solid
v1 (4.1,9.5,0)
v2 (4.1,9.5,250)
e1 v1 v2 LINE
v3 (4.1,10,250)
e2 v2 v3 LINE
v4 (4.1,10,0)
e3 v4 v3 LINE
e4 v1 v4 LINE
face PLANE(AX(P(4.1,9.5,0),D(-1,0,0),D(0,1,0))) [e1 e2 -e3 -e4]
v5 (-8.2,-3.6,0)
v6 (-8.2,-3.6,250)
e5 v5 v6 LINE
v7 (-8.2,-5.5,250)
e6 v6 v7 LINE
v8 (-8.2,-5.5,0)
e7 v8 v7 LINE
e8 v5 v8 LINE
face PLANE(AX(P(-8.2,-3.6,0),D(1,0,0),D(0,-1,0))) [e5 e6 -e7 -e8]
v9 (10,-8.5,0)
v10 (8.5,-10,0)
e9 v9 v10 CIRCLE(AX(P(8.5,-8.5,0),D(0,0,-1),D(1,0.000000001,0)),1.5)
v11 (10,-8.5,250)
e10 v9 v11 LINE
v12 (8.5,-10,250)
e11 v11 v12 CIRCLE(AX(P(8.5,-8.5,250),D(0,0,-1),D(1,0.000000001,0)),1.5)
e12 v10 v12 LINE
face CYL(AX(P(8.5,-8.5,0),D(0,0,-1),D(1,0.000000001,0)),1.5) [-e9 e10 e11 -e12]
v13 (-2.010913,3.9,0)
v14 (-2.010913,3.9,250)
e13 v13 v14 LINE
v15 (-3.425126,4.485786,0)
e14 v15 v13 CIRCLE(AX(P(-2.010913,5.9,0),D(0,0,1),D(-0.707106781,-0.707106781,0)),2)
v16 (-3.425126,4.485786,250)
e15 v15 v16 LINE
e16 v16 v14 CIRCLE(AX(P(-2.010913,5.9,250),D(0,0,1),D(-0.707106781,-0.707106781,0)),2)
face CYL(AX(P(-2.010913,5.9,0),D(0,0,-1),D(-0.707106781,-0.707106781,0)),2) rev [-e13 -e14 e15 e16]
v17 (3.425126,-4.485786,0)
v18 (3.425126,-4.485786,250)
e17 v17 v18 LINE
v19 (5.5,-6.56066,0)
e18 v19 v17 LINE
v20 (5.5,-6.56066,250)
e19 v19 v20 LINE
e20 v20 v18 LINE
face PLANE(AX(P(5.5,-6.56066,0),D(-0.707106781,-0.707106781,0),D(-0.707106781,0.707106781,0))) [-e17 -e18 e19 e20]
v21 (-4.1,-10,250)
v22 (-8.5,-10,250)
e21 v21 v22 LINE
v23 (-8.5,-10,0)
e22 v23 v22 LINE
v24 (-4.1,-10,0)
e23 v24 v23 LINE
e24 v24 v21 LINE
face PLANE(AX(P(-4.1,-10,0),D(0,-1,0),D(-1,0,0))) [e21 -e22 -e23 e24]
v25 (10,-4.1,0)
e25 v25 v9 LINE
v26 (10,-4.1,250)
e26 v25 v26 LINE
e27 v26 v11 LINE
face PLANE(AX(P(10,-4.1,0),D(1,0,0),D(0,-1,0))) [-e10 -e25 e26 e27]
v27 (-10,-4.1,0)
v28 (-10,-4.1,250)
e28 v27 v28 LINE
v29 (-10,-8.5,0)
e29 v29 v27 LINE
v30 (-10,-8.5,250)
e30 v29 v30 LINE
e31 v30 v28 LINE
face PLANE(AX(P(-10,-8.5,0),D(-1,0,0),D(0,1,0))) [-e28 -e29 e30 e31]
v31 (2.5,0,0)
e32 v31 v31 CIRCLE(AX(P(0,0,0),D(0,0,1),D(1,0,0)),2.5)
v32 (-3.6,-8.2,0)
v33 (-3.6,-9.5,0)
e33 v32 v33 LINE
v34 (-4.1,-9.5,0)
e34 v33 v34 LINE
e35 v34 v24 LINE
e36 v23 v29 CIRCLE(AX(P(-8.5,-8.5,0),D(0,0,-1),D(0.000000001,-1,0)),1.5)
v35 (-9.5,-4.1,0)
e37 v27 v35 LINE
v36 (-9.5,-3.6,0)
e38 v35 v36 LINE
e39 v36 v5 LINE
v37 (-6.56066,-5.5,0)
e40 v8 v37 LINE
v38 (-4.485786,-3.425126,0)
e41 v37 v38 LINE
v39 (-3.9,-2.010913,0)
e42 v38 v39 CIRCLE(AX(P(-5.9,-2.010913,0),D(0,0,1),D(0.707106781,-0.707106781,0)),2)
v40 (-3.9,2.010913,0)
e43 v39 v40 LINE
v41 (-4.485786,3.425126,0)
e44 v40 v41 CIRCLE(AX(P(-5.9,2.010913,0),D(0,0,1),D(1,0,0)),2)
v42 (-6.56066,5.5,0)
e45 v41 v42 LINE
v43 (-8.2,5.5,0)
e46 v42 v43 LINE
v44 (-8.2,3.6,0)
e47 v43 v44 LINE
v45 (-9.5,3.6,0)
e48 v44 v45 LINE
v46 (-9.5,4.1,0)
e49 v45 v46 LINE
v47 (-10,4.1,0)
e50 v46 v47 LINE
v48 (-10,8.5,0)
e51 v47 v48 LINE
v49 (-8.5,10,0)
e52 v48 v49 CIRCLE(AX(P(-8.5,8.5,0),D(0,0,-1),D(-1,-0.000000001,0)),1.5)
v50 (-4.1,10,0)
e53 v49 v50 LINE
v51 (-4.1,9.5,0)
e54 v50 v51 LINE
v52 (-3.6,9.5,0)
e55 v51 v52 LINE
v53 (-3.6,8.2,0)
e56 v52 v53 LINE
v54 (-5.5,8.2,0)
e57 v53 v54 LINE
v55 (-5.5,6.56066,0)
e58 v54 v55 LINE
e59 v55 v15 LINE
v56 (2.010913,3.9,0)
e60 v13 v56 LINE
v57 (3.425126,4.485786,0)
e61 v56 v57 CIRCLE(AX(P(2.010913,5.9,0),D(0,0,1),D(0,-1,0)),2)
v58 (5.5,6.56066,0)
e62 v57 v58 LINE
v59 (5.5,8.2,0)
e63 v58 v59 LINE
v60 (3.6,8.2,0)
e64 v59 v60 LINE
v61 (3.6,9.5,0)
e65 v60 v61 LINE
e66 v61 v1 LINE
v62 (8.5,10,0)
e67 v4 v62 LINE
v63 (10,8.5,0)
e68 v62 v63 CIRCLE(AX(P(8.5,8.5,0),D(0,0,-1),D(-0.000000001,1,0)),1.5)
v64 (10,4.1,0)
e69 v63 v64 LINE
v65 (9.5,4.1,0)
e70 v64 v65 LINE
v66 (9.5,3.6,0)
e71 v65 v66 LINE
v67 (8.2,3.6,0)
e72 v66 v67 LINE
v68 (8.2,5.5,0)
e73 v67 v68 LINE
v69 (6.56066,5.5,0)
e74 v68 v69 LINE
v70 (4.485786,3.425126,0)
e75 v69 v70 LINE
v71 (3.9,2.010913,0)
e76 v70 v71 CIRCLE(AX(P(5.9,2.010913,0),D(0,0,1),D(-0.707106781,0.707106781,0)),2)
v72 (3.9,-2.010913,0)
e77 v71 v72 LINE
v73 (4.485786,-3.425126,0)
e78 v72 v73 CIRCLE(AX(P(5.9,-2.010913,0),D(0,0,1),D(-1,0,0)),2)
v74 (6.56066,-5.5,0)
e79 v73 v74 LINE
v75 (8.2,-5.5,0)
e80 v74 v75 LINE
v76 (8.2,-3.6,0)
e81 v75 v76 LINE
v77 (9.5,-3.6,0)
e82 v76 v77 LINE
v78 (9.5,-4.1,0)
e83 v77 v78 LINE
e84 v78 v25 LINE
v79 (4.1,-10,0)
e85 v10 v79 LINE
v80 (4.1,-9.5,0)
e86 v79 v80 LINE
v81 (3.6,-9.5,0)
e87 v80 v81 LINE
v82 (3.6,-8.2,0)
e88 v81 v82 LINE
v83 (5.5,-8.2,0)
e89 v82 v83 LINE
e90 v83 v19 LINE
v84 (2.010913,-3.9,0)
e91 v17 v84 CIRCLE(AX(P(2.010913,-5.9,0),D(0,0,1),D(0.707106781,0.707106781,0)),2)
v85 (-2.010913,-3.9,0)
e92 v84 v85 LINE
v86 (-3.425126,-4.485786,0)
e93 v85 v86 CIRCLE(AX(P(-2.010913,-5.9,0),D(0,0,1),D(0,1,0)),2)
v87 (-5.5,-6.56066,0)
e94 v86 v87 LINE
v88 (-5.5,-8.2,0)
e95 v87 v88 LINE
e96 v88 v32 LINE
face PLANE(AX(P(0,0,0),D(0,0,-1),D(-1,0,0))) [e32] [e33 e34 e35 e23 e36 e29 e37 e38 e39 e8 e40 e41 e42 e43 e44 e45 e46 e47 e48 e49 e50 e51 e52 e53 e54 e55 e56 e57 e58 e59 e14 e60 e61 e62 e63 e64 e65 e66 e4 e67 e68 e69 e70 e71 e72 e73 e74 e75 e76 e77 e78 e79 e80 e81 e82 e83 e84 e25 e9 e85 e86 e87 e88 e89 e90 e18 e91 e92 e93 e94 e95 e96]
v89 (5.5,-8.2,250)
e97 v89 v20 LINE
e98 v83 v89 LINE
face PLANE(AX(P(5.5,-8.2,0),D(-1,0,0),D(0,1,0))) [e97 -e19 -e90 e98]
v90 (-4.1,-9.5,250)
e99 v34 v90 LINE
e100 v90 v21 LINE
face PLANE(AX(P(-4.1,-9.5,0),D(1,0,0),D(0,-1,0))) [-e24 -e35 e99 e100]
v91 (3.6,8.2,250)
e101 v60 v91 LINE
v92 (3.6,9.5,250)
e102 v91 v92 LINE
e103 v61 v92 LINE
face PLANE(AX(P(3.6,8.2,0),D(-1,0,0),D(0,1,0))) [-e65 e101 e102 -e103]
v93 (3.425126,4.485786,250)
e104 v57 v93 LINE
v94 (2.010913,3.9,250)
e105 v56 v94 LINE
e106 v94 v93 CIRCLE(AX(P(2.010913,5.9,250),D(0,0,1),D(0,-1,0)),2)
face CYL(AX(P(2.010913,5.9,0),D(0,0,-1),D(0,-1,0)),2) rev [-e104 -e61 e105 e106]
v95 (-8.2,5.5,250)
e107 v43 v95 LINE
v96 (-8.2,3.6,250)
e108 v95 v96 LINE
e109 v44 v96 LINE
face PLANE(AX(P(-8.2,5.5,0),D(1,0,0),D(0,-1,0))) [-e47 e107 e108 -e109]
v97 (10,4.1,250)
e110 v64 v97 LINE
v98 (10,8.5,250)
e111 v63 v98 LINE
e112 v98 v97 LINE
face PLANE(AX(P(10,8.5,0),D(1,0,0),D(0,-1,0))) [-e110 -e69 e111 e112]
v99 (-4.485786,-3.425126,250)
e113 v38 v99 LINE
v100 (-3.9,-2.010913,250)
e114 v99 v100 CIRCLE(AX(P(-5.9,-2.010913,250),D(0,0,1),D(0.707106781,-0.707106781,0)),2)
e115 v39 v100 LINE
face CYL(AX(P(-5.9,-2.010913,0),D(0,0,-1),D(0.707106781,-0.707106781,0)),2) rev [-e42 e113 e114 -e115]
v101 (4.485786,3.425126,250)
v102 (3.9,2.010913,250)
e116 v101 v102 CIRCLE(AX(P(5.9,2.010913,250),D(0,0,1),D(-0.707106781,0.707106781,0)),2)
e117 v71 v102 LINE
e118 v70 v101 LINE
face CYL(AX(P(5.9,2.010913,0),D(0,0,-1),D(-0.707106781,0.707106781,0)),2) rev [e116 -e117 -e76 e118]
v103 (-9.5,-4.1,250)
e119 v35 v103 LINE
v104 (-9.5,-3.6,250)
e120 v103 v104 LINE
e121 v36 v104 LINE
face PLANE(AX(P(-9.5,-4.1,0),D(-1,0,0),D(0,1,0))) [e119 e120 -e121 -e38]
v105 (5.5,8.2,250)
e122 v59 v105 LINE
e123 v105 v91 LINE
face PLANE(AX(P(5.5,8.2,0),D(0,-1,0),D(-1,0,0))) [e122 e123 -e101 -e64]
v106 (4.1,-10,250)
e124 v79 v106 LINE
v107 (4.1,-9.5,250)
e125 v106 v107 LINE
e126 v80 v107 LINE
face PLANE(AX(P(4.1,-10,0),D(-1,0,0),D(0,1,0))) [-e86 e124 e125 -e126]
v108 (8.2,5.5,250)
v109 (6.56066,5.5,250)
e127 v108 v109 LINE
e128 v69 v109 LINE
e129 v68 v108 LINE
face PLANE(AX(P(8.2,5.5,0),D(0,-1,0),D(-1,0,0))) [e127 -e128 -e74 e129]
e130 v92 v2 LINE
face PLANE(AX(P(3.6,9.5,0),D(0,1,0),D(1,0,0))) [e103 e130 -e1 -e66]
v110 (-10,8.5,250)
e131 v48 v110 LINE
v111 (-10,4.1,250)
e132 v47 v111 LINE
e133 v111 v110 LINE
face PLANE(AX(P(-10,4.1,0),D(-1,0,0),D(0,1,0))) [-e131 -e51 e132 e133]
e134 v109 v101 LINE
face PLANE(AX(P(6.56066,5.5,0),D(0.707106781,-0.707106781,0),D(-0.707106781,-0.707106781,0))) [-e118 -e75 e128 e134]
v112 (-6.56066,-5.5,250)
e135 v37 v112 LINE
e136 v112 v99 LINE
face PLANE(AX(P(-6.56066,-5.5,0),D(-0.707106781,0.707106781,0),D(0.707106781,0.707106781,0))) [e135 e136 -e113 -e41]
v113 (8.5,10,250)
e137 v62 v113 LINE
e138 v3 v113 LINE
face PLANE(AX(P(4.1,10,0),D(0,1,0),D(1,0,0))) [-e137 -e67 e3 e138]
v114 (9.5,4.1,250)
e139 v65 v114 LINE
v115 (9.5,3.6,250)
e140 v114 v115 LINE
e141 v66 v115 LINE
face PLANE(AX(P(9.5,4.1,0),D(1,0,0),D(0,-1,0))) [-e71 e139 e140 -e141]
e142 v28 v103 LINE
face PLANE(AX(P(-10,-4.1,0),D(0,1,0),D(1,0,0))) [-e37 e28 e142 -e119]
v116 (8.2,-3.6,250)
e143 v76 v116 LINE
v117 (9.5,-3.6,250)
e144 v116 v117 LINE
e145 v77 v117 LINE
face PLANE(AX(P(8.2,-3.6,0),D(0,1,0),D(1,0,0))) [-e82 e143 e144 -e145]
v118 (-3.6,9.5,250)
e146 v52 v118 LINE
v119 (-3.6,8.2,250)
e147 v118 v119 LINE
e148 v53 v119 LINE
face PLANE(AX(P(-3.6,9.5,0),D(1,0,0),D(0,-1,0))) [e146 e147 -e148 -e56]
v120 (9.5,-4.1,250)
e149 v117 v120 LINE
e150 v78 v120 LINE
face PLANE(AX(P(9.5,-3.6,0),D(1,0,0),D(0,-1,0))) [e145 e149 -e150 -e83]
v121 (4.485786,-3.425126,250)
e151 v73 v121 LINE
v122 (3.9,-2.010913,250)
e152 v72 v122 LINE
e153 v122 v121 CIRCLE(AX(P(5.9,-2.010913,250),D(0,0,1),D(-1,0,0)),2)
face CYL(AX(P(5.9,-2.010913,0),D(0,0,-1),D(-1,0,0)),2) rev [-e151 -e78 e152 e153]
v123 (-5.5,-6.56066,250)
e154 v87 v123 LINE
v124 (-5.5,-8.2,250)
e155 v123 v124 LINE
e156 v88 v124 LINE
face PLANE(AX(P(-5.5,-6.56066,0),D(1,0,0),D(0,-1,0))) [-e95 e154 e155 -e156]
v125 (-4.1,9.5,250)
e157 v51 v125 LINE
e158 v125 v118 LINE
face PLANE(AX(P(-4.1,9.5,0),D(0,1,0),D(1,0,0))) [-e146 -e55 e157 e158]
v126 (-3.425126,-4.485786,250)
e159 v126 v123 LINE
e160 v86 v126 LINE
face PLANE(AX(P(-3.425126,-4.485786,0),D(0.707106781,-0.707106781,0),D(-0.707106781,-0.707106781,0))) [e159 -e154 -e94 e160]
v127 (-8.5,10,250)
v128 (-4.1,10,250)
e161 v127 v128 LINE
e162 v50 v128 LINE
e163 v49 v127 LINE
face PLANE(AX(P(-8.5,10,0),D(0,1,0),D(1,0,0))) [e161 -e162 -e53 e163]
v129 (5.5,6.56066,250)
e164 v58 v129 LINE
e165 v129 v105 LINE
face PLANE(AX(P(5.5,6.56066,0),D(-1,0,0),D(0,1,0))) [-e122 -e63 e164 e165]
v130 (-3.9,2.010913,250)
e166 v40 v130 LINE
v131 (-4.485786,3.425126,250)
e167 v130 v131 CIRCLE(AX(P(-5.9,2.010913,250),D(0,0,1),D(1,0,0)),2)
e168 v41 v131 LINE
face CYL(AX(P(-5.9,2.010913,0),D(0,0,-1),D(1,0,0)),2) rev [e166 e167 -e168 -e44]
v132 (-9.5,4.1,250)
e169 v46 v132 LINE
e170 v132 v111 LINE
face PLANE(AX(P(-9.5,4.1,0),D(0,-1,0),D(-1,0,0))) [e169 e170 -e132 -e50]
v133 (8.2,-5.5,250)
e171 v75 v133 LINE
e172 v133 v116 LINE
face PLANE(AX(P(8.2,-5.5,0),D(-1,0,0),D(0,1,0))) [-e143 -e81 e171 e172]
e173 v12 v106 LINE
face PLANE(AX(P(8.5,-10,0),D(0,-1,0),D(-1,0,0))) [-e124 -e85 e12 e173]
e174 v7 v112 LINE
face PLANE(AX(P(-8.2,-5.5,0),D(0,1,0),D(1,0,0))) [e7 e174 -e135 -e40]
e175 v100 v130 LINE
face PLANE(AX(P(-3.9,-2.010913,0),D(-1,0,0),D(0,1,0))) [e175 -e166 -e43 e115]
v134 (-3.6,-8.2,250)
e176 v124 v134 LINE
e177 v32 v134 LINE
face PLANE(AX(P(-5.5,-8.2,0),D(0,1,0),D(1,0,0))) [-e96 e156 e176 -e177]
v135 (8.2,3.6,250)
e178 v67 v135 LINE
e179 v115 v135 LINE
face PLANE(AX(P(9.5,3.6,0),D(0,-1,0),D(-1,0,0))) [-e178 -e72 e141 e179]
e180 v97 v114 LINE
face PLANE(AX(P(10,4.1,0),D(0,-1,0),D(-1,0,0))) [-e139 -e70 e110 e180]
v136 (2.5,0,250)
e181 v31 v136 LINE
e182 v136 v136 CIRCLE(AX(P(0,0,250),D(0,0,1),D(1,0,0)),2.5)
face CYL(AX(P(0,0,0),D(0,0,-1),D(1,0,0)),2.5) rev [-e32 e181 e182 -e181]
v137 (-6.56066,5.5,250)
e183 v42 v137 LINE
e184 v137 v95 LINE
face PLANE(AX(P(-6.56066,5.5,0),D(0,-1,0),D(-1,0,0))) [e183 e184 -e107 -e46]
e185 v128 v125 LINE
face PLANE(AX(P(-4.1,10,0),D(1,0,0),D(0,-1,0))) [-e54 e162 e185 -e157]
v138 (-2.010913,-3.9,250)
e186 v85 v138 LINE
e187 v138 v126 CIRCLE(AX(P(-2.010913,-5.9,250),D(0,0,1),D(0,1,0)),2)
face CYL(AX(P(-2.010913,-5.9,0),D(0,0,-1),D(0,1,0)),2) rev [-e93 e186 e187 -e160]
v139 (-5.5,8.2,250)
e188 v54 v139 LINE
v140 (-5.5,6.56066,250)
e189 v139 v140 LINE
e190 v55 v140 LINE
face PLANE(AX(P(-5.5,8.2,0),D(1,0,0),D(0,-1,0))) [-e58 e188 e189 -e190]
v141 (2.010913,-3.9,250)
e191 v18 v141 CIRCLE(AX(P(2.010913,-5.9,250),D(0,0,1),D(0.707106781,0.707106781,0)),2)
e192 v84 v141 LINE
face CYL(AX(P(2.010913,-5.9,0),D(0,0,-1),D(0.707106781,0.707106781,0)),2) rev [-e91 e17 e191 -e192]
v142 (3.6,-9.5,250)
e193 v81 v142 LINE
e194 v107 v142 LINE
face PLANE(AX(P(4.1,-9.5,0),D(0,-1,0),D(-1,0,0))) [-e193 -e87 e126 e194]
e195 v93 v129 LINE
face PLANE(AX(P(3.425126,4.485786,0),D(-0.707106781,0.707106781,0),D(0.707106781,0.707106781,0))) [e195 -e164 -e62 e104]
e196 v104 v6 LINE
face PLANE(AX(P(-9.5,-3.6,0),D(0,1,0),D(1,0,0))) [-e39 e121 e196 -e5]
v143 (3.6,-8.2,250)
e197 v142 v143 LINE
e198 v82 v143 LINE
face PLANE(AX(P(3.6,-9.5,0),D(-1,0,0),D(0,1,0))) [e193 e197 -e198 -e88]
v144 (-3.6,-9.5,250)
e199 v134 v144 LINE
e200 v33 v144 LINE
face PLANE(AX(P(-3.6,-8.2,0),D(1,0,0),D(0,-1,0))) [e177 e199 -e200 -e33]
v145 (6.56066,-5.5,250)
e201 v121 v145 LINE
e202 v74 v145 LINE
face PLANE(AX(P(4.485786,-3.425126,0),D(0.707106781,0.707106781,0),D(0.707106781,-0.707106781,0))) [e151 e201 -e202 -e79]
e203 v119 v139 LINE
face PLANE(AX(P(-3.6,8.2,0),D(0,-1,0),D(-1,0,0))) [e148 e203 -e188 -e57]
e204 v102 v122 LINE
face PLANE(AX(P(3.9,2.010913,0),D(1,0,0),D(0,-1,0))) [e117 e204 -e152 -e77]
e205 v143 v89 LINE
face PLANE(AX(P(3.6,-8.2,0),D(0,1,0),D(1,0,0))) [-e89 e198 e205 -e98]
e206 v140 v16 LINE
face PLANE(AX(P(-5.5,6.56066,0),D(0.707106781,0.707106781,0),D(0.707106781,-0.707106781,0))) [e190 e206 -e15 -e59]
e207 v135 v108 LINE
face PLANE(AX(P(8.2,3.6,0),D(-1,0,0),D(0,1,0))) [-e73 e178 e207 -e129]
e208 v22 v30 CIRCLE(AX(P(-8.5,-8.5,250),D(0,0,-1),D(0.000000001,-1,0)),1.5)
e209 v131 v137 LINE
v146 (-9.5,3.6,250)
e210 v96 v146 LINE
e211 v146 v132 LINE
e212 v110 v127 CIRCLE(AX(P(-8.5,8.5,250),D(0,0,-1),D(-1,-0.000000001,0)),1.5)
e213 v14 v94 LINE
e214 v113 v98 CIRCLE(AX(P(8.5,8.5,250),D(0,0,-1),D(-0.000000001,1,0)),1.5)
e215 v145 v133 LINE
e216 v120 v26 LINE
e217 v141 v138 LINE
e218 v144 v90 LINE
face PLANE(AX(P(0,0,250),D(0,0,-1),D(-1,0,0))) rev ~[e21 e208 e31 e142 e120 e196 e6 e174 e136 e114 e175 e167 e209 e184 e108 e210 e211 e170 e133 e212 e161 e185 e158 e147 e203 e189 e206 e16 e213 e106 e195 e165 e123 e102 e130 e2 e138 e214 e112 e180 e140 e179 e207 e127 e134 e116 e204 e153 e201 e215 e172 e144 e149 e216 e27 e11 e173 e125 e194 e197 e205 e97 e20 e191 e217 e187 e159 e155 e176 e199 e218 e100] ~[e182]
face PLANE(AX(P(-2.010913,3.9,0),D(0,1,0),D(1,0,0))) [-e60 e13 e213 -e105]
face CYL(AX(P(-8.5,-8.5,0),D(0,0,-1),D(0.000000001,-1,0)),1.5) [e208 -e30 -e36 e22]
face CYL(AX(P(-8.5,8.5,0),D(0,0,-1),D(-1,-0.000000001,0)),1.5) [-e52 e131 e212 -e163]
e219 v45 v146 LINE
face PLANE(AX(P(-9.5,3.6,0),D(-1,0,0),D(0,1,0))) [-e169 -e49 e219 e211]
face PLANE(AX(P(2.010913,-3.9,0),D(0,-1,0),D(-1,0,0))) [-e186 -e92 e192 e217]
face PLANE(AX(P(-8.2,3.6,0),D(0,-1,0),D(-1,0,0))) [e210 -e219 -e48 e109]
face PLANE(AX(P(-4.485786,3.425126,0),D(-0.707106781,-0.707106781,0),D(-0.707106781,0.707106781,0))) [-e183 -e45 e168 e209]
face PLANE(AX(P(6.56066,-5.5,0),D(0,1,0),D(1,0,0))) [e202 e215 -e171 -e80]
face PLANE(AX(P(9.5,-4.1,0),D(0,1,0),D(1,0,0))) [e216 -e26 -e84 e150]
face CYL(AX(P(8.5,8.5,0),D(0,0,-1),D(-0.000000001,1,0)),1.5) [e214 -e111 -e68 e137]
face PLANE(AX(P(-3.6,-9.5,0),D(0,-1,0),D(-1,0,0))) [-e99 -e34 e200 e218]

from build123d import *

# Parameters (mm, degrees)
SKETCH1_R           = 2.5
BOSS_EXTRUDE2_DEPTH = 250


with BuildPart() as part:
    # Sketch1 → Boss-Extrude2 (new body)
    with BuildSketch(Plane.XY):
        with BuildLine():
            Line((10, -4.1), (10, -8.5))
            ThreePointArc((10, -8.5), (9.560660172, -9.560660172), (8.5, -10))
            Line((8.5, -10), (4.1, -10))
            Line((4.1, -10), (4.1, -9.5))
            Line((4.1, -9.5), (3.6, -9.5))
            Line((3.6, -9.5), (3.6, -8.2))
            Line((3.6, -8.2), (5.5, -8.2))
            Line((5.5, -8.2), (5.5, -6.560660172))
            Line((5.5, -6.560660172), (3.425126266, -4.485786438))
            ThreePointArc((3.425126266, -4.485786438), (2.776279568, -4.052240935), (2.010912703, -3.9))
            Line((2.010912703, -3.9), (-2.010912703, -3.9))
            ThreePointArc((-2.010912703, -3.9), (-2.776279568, -4.052240935), (-3.425126266, -4.485786438))
            Line((-3.425126266, -4.485786438), (-5.5, -6.560660172))
            Line((-5.5, -6.560660172), (-5.5, -8.2))
            Line((-5.5, -8.2), (-3.6, -8.2))
            Line((-3.6, -8.2), (-3.6, -9.5))
            Line((-3.6, -9.5), (-4.1, -9.5))
            Line((-4.1, -9.5), (-4.1, -10))
            Line((-4.1, -10), (-8.5, -10))
            ThreePointArc((-8.5, -10), (-9.560660172, -9.560660172), (-10, -8.5))
            Line((-10, -8.5), (-10, -4.1))
            Line((-10, -4.1), (-9.5, -4.1))
            Line((-9.5, -4.1), (-9.5, -3.6))
            Line((-9.5, -3.6), (-8.2, -3.6))
            Line((-8.2, -3.6), (-8.2, -5.5))
            Line((-8.2, -5.5), (-6.560660172, -5.5))
            Line((-6.560660172, -5.5), (-4.485786438, -3.425126266))
            ThreePointArc((-4.485786438, -3.425126266), (-4.052240935, -2.776279568), (-3.9, -2.010912703))
            Line((-3.9, -2.010912703), (-3.9, 2.010912703))
            ThreePointArc((-3.9, 2.010912703), (-4.052240935, 2.776279568), (-4.485786438, 3.425126266))
            Line((-4.485786438, 3.425126266), (-6.560660172, 5.5))
            Line((-6.560660172, 5.5), (-8.2, 5.5))
            Line((-8.2, 5.5), (-8.2, 3.6))
            Line((-8.2, 3.6), (-9.5, 3.6))
            Line((-9.5, 3.6), (-9.5, 4.1))
            Line((-9.5, 4.1), (-10, 4.1))
            Line((-10, 4.1), (-10, 8.5))
            ThreePointArc((-10, 8.5), (-9.560660172, 9.560660172), (-8.5, 10))
            Line((-8.5, 10), (-4.1, 10))
            Line((-4.1, 10), (-4.1, 9.5))
            Line((-4.1, 9.5), (-3.6, 9.5))
            Line((-3.6, 9.5), (-3.6, 8.2))
            Line((-3.6, 8.2), (-5.5, 8.2))
            Line((-5.5, 8.2), (-5.5, 6.560660172))
            Line((-5.5, 6.560660172), (-3.425126266, 4.485786438))
            ThreePointArc((-3.425126266, 4.485786438), (-2.776279568, 4.052240935), (-2.010912703, 3.9))
            Line((-2.010912703, 3.9), (2.010912703, 3.9))
            ThreePointArc((2.010912703, 3.9), (2.776279568, 4.052240935), (3.425126266, 4.485786438))
            Line((3.425126266, 4.485786438), (5.5, 6.560660172))
            Line((5.5, 6.560660172), (5.5, 8.2))
            Line((5.5, 8.2), (3.6, 8.2))
            Line((3.6, 8.2), (3.6, 9.5))
            Line((3.6, 9.5), (4.1, 9.5))
            Line((4.1, 9.5), (4.1, 10))
            Line((4.1, 10), (8.5, 10))
            ThreePointArc((8.5, 10), (9.560660172, 9.560660172), (10, 8.5))
            Line((10, 8.5), (10, 4.1))
            Line((10, 4.1), (9.5, 4.1))
            Line((9.5, 4.1), (9.5, 3.6))
            Line((9.5, 3.6), (8.2, 3.6))
            Line((8.2, 3.6), (8.2, 5.5))
            Line((8.2, 5.5), (6.560660172, 5.5))
            Line((6.560660172, 5.5), (4.485786438, 3.425126266))
            ThreePointArc((4.485786438, 3.425126266), (4.052240935, 2.776279568), (3.9, 2.010912703))
            Line((3.9, 2.010912703), (3.9, -2.010912703))
            ThreePointArc((3.9, -2.010912703), (4.052240935, -2.776279568), (4.485786438, -3.425126266))
            Line((4.485786438, -3.425126266), (6.560660172, -5.5))
            Line((6.560660172, -5.5), (8.2, -5.5))
            Line((8.2, -5.5), (8.2, -3.6))
            Line((8.2, -3.6), (9.5, -3.6))
            Line((9.5, -3.6), (9.5, -4.1))
            Line((9.5, -4.1), (10, -4.1))
        make_face()
        Circle(SKETCH1_R, mode=Mode.SUBTRACT)
    extrude(amount=BOSS_EXTRUDE2_DEPTH)


solid = part.part
